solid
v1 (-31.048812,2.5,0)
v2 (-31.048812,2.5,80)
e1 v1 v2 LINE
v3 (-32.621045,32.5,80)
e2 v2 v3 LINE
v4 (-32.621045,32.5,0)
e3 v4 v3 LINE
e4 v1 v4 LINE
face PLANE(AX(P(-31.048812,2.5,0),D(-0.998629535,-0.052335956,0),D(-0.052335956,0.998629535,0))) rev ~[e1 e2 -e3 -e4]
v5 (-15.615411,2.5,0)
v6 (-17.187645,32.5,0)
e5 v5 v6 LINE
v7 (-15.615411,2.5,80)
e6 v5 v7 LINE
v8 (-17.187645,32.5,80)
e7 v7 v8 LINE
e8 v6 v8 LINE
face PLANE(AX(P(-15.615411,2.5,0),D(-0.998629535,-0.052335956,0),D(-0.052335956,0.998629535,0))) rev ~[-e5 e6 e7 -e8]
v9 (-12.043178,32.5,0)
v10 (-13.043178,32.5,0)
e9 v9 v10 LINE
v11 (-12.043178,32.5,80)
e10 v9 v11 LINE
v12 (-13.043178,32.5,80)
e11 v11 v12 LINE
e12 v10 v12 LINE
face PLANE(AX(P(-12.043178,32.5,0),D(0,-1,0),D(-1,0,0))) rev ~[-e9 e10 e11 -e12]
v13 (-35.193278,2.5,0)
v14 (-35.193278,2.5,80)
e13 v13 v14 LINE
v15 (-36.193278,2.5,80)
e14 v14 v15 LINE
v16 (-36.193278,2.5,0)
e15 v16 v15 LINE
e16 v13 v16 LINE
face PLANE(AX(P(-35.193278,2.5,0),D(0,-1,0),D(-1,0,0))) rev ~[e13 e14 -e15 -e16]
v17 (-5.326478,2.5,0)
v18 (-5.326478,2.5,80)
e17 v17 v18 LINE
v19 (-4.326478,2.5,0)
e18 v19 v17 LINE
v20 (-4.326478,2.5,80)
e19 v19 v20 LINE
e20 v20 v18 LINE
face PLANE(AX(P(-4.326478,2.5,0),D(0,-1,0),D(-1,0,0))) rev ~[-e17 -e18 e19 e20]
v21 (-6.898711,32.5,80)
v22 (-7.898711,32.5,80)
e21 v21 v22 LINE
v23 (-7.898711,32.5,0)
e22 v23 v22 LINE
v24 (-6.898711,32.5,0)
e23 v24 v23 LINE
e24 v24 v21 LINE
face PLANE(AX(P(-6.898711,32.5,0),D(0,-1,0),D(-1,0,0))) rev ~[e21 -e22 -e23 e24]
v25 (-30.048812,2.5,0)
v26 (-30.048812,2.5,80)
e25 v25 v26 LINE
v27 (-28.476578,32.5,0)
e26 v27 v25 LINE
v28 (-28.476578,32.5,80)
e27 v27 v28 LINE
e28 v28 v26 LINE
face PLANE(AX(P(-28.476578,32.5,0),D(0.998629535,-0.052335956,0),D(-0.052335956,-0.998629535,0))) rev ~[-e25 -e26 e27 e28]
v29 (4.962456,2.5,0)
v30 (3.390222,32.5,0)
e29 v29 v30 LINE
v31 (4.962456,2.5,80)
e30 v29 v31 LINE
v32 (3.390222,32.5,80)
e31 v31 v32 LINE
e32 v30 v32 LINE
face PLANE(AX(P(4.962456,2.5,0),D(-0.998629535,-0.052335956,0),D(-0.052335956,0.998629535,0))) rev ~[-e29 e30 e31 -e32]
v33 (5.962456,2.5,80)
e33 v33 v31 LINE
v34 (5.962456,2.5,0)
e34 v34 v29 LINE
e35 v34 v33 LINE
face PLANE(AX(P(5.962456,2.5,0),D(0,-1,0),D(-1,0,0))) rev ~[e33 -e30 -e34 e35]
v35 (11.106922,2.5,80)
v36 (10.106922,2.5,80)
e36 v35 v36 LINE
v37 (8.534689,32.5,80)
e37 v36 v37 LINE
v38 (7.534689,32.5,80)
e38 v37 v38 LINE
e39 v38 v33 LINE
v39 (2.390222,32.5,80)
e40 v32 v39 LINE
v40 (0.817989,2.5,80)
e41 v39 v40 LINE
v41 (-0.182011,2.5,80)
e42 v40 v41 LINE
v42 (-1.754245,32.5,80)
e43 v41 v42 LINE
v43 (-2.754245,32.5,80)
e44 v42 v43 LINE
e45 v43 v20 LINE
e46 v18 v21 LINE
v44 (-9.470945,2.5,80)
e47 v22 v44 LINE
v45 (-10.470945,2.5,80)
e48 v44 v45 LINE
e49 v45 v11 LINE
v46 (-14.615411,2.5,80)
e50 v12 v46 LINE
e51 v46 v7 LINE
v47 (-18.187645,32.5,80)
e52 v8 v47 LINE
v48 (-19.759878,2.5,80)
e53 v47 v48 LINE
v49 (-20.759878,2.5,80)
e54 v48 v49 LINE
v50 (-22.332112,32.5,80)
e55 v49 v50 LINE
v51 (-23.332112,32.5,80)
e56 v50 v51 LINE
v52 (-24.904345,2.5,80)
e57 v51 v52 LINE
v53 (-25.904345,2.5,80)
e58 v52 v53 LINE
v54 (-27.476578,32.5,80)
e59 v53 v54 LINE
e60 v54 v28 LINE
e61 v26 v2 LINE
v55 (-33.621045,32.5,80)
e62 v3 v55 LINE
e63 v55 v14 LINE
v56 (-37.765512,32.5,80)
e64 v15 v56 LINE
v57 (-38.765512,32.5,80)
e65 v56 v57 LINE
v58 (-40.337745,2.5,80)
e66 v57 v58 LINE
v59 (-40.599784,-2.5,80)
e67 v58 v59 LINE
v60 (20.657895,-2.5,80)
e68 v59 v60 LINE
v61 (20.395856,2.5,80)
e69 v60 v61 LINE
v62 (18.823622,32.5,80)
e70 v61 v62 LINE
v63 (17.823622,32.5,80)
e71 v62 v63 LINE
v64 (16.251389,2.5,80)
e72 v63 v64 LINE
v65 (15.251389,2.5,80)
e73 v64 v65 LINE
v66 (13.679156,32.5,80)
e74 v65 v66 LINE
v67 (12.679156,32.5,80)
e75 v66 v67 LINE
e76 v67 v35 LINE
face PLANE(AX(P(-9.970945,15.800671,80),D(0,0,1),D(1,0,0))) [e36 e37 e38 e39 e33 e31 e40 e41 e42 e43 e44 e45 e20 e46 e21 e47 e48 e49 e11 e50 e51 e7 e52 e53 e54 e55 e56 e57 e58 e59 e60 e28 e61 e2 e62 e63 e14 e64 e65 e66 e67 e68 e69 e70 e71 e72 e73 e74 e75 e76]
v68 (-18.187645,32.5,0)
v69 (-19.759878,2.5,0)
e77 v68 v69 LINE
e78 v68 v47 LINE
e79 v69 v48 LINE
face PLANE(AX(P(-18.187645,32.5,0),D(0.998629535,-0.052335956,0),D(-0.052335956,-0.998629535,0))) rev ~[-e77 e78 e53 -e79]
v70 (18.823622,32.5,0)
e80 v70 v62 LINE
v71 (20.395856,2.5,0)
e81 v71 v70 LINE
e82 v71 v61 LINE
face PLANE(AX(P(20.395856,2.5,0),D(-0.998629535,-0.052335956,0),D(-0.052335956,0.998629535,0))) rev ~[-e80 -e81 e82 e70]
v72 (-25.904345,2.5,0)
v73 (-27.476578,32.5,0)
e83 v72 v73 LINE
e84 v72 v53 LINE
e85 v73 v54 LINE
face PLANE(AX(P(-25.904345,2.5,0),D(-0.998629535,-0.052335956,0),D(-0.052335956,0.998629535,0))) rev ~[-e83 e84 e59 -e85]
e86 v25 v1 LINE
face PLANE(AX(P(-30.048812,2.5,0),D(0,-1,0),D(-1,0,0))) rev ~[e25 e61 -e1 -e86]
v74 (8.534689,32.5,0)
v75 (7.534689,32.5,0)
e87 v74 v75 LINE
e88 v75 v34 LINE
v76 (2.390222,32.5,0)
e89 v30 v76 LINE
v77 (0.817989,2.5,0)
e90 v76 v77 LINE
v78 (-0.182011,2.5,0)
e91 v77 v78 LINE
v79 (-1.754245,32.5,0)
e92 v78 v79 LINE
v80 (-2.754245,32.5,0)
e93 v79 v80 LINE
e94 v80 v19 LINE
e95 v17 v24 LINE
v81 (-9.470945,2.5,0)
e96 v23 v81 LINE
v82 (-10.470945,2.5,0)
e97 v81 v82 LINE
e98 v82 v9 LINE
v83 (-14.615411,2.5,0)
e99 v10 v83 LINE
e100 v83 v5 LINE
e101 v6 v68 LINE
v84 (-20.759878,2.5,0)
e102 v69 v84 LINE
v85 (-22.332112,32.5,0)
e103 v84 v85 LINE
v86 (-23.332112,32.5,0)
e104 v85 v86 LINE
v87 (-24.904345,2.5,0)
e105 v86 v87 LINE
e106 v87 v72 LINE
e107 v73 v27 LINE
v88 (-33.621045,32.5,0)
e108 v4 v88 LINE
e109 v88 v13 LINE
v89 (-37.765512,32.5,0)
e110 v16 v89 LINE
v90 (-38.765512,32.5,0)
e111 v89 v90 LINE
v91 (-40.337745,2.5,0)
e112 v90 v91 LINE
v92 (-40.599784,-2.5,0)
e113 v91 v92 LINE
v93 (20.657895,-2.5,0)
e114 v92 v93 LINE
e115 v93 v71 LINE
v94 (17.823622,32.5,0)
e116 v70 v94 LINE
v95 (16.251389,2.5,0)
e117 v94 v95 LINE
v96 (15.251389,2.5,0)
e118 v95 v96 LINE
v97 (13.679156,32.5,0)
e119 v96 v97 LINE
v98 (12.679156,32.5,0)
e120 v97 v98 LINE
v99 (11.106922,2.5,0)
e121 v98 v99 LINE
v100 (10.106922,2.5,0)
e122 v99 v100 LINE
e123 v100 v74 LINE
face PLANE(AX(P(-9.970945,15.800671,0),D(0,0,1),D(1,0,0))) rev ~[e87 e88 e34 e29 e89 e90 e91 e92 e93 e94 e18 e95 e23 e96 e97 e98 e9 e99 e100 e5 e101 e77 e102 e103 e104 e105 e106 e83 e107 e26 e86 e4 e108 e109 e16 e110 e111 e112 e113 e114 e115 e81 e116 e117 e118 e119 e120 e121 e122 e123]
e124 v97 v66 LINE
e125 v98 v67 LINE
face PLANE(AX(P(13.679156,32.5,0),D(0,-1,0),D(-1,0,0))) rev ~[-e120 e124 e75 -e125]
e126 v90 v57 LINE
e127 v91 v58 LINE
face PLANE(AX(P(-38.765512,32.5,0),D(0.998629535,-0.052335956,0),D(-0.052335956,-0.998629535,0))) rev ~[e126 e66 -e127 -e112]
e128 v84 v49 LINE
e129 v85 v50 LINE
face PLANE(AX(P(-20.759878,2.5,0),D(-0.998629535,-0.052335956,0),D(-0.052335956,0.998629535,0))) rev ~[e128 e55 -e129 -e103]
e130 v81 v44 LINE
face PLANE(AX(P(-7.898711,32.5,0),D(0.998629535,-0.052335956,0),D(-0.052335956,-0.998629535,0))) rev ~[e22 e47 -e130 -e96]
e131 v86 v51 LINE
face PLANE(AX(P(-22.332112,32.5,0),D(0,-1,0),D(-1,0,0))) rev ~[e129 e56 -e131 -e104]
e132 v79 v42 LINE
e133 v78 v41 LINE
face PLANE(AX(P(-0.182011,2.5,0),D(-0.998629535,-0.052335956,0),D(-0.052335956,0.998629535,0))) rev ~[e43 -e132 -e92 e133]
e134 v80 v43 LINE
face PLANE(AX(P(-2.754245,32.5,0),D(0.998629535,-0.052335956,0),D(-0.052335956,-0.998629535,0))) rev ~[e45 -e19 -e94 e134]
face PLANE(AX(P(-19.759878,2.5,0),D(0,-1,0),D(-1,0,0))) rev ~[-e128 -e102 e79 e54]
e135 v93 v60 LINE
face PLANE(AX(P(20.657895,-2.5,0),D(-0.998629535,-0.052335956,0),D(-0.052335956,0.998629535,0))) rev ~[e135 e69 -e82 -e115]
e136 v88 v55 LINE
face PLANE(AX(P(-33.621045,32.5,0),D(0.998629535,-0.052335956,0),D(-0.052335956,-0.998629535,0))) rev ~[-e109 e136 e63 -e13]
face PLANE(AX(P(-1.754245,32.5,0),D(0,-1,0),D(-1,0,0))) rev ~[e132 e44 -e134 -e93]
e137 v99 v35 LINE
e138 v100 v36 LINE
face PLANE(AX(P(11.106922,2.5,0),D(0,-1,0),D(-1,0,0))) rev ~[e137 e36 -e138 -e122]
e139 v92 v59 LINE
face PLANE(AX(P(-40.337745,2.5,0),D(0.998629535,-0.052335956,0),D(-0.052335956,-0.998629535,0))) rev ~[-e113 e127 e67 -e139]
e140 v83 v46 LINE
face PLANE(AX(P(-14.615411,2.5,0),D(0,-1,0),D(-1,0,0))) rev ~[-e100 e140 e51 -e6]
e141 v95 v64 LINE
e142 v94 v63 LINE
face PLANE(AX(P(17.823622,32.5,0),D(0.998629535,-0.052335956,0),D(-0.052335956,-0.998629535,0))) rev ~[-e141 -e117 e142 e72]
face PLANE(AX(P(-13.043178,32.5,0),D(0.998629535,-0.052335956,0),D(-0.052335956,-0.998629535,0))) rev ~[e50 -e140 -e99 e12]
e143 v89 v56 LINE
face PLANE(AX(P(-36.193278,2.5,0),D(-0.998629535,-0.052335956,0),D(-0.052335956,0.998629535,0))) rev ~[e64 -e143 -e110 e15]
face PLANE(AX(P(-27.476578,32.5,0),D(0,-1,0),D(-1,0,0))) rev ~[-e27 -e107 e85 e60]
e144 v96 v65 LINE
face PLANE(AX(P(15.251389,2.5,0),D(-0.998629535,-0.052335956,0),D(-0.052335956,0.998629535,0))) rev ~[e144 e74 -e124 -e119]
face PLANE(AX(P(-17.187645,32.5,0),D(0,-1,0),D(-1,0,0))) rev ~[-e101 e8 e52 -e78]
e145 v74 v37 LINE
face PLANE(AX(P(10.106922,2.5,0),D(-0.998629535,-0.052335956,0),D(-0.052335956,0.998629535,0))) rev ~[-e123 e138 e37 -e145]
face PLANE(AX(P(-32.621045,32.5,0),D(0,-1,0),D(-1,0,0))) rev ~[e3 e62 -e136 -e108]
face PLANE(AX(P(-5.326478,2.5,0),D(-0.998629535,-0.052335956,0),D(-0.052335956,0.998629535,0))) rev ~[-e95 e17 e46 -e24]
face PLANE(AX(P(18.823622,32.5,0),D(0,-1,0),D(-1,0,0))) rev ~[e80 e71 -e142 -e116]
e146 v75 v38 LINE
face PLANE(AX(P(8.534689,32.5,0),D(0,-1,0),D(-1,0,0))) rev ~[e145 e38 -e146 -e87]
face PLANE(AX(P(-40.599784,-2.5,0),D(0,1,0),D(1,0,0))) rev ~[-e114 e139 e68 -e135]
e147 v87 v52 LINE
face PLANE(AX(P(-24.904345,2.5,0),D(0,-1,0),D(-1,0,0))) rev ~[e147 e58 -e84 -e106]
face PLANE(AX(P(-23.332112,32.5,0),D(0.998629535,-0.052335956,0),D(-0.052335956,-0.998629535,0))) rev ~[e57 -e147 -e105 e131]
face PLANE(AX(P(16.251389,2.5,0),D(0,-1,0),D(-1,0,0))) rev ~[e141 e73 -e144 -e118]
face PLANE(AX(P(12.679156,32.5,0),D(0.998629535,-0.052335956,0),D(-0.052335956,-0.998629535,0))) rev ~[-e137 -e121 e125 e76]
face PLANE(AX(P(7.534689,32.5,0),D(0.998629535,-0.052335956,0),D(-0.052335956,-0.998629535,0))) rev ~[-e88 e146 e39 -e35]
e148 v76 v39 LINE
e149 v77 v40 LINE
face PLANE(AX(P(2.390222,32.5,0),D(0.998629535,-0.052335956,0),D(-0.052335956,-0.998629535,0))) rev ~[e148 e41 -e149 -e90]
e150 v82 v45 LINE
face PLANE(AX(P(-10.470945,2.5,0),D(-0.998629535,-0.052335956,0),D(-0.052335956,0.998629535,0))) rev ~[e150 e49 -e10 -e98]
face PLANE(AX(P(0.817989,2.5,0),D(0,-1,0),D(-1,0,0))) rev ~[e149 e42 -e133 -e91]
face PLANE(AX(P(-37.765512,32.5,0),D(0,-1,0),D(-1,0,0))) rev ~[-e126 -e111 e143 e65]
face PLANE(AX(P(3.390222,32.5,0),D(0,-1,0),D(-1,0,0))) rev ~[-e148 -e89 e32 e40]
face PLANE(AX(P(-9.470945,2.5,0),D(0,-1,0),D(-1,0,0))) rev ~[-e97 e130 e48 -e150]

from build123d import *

# Parameters (mm, degrees)
BOSS_EXTRUDE1_DEPTH = 80


with BuildPart() as part:
    # Sketch2 → Boss-Extrude1 (new body)
    with BuildSketch(Plane.XY):
        Polygon((-20.657894737, -2.5), (20.657894737, -2.5), (20.39585584, 2.5), (18.823622462, 32.5), (17.823622462, 32.5), (16.251389083, 2.5), (15.251389083, 2.5), (13.679155705, 32.5), (12.679155705, 32.5), (11.106922326, 2.5), (10.106922326, 2.5), (8.534688948, 32.5), (7.534688948, 32.5), (5.962455569, 2.5), (4.962455569, 2.5), (3.390222191, 32.5), (2.390222191, 32.5), (0.817988812, 2.5), (-0.182011188, 2.5), (-1.754244566, 32.5), (-2.754244566, 32.5), (-4.326477944, 2.5), (-5.326477944, 2.5), (-6.898711323, 32.5), (-7.898711323, 32.5), (-9.470944701, 2.5), (-10.470944701, 2.5), (-12.04317808, 32.5), (-13.04317808, 32.5), (-14.615411458, 2.5), (-15.615411458, 2.5), (-17.187644837, 32.5), (-18.187644837, 32.5), (-19.759878215, 2.5), (-20.759878215, 2.5), (-22.332111594, 32.5), (-23.332111594, 32.5), (-24.904344972, 2.5), (-25.904344972, 2.5), (-27.476578351, 32.5), (-28.476578351, 32.5), (-30.048811729, 2.5), (-31.048811729, 2.5), (-32.621045108, 32.5), (-33.621045108, 32.5), (-35.193278486, 2.5), (-36.193278486, 2.5), (-37.765511865, 32.5), (-38.765511865, 32.5), (-40.337745243, 2.5), (-40.59978414, -2.5), align=None)
    extrude(amount=BOSS_EXTRUDE1_DEPTH)


solid = part.part
